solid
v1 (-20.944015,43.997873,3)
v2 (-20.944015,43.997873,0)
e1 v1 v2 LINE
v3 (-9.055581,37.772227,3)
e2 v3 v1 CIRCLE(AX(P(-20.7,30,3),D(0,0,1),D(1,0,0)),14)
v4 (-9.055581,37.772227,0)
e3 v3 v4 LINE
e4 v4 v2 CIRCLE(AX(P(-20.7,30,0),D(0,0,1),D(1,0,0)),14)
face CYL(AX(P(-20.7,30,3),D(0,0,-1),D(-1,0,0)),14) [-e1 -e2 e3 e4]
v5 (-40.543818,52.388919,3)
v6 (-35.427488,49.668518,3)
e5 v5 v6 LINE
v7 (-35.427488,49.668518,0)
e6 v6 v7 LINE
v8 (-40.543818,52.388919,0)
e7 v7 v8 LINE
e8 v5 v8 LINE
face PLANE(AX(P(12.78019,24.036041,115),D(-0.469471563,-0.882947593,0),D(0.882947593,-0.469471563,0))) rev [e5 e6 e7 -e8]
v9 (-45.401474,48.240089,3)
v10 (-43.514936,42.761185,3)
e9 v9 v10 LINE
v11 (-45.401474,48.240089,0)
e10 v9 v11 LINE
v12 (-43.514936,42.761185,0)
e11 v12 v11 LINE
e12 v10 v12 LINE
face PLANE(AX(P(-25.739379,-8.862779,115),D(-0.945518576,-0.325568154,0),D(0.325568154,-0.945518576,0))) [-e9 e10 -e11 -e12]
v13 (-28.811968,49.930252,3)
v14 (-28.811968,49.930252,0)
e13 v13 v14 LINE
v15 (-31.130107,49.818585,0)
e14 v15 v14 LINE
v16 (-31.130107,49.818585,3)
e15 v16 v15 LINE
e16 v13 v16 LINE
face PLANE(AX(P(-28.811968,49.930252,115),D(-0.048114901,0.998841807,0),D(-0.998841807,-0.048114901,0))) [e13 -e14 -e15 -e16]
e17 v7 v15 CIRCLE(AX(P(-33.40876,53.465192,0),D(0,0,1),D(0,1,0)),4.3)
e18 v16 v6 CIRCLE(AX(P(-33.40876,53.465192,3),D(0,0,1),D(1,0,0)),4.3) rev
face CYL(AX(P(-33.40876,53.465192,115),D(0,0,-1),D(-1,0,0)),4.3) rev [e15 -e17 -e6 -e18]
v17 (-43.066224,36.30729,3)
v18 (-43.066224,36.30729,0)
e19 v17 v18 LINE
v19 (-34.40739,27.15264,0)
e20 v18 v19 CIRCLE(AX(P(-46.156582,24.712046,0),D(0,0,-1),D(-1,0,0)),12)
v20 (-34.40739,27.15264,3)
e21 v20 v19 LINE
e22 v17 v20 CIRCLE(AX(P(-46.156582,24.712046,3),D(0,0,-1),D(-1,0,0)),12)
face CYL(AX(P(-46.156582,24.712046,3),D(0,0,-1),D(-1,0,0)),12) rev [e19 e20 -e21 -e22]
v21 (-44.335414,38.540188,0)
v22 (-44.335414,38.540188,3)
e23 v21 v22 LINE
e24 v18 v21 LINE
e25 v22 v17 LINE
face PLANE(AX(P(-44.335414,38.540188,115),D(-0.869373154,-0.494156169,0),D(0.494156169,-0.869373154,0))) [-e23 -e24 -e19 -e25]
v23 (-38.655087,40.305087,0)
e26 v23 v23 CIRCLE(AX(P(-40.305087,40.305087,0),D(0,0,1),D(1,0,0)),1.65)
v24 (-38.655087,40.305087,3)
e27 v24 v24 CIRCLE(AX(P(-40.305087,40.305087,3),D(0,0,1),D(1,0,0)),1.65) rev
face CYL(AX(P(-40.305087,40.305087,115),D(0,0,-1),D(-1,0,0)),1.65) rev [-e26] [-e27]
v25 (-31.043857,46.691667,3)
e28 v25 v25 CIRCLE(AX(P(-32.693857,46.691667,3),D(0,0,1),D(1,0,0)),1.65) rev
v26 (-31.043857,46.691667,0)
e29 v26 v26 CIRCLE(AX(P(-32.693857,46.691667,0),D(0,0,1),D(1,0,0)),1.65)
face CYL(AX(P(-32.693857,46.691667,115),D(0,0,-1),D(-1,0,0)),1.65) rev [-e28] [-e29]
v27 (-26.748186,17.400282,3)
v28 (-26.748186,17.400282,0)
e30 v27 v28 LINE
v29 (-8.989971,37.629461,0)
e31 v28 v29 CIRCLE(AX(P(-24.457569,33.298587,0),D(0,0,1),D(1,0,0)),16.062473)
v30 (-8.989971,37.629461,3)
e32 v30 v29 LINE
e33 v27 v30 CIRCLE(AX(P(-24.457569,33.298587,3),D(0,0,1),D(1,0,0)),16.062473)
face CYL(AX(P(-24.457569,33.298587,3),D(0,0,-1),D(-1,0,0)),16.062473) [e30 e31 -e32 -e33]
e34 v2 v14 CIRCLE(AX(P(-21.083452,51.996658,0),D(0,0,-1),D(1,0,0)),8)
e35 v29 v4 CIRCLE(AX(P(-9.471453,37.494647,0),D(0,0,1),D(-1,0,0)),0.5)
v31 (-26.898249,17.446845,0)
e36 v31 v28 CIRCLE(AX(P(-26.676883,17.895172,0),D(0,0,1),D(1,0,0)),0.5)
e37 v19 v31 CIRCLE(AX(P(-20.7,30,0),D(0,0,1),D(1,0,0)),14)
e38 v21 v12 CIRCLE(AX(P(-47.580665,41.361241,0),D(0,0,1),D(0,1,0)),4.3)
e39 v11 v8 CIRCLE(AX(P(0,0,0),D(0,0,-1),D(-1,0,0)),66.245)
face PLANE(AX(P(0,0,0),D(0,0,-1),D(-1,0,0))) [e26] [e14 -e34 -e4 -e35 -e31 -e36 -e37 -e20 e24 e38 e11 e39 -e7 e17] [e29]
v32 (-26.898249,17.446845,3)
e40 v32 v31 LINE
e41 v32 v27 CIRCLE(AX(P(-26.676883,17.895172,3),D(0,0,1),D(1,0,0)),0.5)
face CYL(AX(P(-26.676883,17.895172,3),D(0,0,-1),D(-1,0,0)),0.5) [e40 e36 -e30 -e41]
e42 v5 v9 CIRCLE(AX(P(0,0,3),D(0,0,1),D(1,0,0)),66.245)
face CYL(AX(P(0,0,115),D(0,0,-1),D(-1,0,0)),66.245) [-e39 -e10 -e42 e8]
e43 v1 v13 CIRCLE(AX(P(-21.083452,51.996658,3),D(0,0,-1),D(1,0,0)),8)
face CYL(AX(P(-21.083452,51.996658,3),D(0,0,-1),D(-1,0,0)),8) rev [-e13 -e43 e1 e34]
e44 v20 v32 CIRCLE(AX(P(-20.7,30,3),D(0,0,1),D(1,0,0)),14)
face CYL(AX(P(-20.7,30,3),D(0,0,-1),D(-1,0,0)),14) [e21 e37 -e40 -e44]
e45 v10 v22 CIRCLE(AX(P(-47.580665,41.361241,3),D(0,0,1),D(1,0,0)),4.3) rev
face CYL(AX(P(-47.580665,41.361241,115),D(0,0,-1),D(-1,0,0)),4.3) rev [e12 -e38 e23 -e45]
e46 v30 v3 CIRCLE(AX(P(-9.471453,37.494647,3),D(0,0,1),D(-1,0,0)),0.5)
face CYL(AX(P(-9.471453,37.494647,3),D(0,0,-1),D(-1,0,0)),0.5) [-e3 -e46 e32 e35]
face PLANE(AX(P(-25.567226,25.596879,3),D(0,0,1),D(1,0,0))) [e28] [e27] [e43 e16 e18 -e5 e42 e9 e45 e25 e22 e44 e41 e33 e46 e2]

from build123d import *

# Parameters (mm, degrees)
BOSS_EXTRUDE1_DEPTH     = 115
BOSS_EXTRUDE2_DEPTH     = 3
SKETCH4_R               = 1.65
CUT_EXTRUDE1_DEPTH      = 147.999004413
CUT_EXTRUDE2_DEPTH      = 147.999004413
CUT_EXTRUDE_THIN1_DEPTH = 147.999004413
CUT_EXTRUDE3_DEPTH      = 147.999004413


with BuildPart() as part:
    # Sketch1 → Boss-Extrude1 (new body)
    with BuildSketch(Plane(origin=(0, 0, 0), x_dir=(0, 1, 0), z_dir=(0, 0, 1))):
        with BuildLine():
            Line((66.793011614, 25.63943495), (62.125109481, 23.847595202))
            ThreePointArc((62.125109481, 23.847595202), (50.18784505, 43.696878999), (32.170193606, 58.252173078))
            Line((32.170193606, 58.252173078), (34.587369472, 62.629073903))
            ThreePointArc((34.587369472, 62.629073903), (53.95881545, 46.980136869), (66.793011614, 25.63943495))
        make_face()
    extrude(amount=BOSS_EXTRUDE1_DEPTH)

    # Sketch3 → Boss-Extrude2 (add)
    with BuildSketch(Plane(origin=(0, 0, 0), x_dir=(0, 1, 0), z_dir=(0, 0, 1))):
        with BuildLine():
            ThreePointArc((37.772226983, 9.055581263), (42.402339681, 14.205235152), (43.997873295, 20.944014808))
            ThreePointArc((43.997873295, 20.944014808), (49.930251766, 28.811968202), (58.997685125, 24.954578252))
            ThreePointArc((58.997685125, 24.954578252), (60.351321071, 23.807583941), (62.125109481, 23.847595202))
            ThreePointArc((62.125109481, 23.847595202), (50.18784505, 43.696878999), (32.170193606, 58.252173078))
            ThreePointArc((32.170193606, 58.252173078), (31.867825608, 56.602303211), (32.676329677, 55.132671232))
            ThreePointArc((32.676329677, 55.132671232), (36.307290349, 43.066223982), (27.152640183, 34.407390053))
            ThreePointArc((27.152640183, 34.407390053), (21.43315886, 31.77290535), (17.44684462, 26.898248947))
            ThreePointArc((17.44684462, 26.898248947), (17.417631935, 26.825058047), (17.400281887, 26.748186307))
            ThreePointArc((17.400281887, 26.748186307), (22.701893313, 12.386399614), (37.629460858, 8.989970916))
            ThreePointArc((37.629460858, 8.989970916), (37.70343721, 9.017133171), (37.772226983, 9.055581263))
        make_face()
    extrude(amount=BOSS_EXTRUDE2_DEPTH)

    # Sketch4 → Cut-Extrude1 (cut, through all)
    with BuildSketch(Plane(origin=(0, 0, 0), x_dir=(0, 1, 0), z_dir=(0, 0, 1))):
        with Locations((40.305086528, 40.305086528)):
            Circle(SKETCH4_R)
        with Locations((46.691666524, 32.693856872)):
            Circle(SKETCH4_R)
    extrude(amount=CUT_EXTRUDE1_DEPTH, mode=Mode.SUBTRACT)

    # Sketch6 → Cut-Extrude2 (cut, through all)
    with BuildSketch(Plane(origin=(0, 0, 0), x_dir=(0, 1, 0), z_dir=(0, 0, 1))):
        with BuildLine():
            Line((52.744660964, 40.57385568), (49.933401851, 35.286646265))
            ThreePointArc((49.933401851, 35.286646265), (50.072999838, 31.289082957), (53.604790209, 29.411196706))
            Line((53.604790209, 29.411196706), (59.589277435, 29.620179604))
            ThreePointArc((59.589277435, 29.620179604), (56.433360559, 35.263477438), (52.744660964, 40.57385568))
        make_face()
        with BuildLine():
            Line((38.577322779, 54.222017596), (37.434732749, 48.343901467))
            ThreePointArc((37.434732749, 48.343901467), (38.737005367, 44.561827164), (42.663514101, 43.798591183))
            Line((42.663514101, 43.798591183), (48.32540701, 45.748137255))
            ThreePointArc((48.32540701, 45.748137255), (43.657448084, 50.222149016), (38.577322779, 54.222017596))
        make_face()
    extrude(amount=CUT_EXTRUDE2_DEPTH, mode=Mode.SUBTRACT)

    # Sketch6<4> → Cut-Extrude-Thin1 (cut, through all)
    # profile 1 of 2: a face of its own
    with BuildSketch(Plane(origin=(0, 0, 0), x_dir=(0, 1, 0), z_dir=(0, 0, 1))):
        with BuildLine():
            Line((60.063470687, 29.336555934), (53.615260058, 29.111379457))
            ThreePointArc((53.615260058, 29.111379457), (49.818585409, 31.130107177), (49.668517573, 35.427487734))
            Line((49.668517573, 35.427487734), (52.697614338, 41.124390185))
            ThreePointArc((52.697614338, 41.124390185), (56.687774988, 35.422453218), (60.063470687, 29.336555934))
        make_face()
        with BuildLine():
            Line((59.589277435, 29.620179604), (53.604790209, 29.411196706))
            ThreePointArc((53.604790209, 29.411196706), (50.072999838, 31.289082957), (49.933401851, 35.286646265))
            Line((49.933401851, 35.286646265), (52.744660964, 40.57385568))
            ThreePointArc((52.744660964, 40.57385568), (56.433360559, 35.263477438), (59.589277435, 29.620179604))
        make_face(mode=Mode.SUBTRACT)
    # profile 2 of 2: a face of its own
    with BuildSketch(Plane(origin=(0, 0, 0), x_dir=(0, 1, 0), z_dir=(0, 0, 1))):
        with BuildLine():
            Line((48.861803808, 45.61554728), (42.761184547, 43.51493561))
            ThreePointArc((42.761184547, 43.51493561), (38.540187658, 44.33541429), (37.140244594, 48.401144165))
            Line((37.140244594, 48.401144165), (38.371371155, 54.734741259))
            ThreePointArc((38.371371155, 54.734741259), (43.854265793, 50.44856189), (48.861803808, 45.61554728))
        make_face()
        with BuildLine():
            Line((48.32540701, 45.748137255), (42.663514101, 43.798591183))
            ThreePointArc((42.663514101, 43.798591183), (38.737005367, 44.561827164), (37.434732749, 48.343901467))
            Line((37.434732749, 48.343901467), (38.577322779, 54.222017596))
            ThreePointArc((38.577322779, 54.222017596), (43.657448084, 50.222149016), (48.32540701, 45.748137255))
        make_face(mode=Mode.SUBTRACT)
    extrude(amount=CUT_EXTRUDE_THIN1_DEPTH, mode=Mode.SUBTRACT)

    # Sketch7 → Cut-Extrude3 (cut, through all)
    with BuildSketch(Plane(origin=(0, 0, 0), x_dir=(0, 1, 0), z_dir=(0, 0, 1))):
        with BuildLine():
            Line((48.240089186, 45.401473768), (38.540187658, 44.33541429))
            Line((38.540187658, 44.33541429), (36.307290349, 43.066223982))
            Line((36.307290349, 43.066223982), (22.600693744, 60.972682424))
            Line((22.600693744, 60.972682424), (52.388918832, 72.501111316))
            Line((52.388918832, 72.501111316), (73.007988399, 34.26459203))
            Line((73.007988399, 34.26459203), (68.951063276, 18.611622597))
            Line((68.951063276, 18.611622597), (52.388918832, 26.438107314))
            Line((52.388918832, 26.438107314), (49.930251766, 28.811968202))
            Line((49.930251766, 28.811968202), (49.818585409, 31.130107177))
            Line((49.818585409, 31.130107177), (52.388918832, 40.543818378))
            ThreePointArc((52.388918832, 40.543818378), (50.373093191, 43.022685962), (48.240089186, 45.401473768))
        make_face()
    extrude(amount=CUT_EXTRUDE3_DEPTH, mode=Mode.SUBTRACT)


solid = part.part
